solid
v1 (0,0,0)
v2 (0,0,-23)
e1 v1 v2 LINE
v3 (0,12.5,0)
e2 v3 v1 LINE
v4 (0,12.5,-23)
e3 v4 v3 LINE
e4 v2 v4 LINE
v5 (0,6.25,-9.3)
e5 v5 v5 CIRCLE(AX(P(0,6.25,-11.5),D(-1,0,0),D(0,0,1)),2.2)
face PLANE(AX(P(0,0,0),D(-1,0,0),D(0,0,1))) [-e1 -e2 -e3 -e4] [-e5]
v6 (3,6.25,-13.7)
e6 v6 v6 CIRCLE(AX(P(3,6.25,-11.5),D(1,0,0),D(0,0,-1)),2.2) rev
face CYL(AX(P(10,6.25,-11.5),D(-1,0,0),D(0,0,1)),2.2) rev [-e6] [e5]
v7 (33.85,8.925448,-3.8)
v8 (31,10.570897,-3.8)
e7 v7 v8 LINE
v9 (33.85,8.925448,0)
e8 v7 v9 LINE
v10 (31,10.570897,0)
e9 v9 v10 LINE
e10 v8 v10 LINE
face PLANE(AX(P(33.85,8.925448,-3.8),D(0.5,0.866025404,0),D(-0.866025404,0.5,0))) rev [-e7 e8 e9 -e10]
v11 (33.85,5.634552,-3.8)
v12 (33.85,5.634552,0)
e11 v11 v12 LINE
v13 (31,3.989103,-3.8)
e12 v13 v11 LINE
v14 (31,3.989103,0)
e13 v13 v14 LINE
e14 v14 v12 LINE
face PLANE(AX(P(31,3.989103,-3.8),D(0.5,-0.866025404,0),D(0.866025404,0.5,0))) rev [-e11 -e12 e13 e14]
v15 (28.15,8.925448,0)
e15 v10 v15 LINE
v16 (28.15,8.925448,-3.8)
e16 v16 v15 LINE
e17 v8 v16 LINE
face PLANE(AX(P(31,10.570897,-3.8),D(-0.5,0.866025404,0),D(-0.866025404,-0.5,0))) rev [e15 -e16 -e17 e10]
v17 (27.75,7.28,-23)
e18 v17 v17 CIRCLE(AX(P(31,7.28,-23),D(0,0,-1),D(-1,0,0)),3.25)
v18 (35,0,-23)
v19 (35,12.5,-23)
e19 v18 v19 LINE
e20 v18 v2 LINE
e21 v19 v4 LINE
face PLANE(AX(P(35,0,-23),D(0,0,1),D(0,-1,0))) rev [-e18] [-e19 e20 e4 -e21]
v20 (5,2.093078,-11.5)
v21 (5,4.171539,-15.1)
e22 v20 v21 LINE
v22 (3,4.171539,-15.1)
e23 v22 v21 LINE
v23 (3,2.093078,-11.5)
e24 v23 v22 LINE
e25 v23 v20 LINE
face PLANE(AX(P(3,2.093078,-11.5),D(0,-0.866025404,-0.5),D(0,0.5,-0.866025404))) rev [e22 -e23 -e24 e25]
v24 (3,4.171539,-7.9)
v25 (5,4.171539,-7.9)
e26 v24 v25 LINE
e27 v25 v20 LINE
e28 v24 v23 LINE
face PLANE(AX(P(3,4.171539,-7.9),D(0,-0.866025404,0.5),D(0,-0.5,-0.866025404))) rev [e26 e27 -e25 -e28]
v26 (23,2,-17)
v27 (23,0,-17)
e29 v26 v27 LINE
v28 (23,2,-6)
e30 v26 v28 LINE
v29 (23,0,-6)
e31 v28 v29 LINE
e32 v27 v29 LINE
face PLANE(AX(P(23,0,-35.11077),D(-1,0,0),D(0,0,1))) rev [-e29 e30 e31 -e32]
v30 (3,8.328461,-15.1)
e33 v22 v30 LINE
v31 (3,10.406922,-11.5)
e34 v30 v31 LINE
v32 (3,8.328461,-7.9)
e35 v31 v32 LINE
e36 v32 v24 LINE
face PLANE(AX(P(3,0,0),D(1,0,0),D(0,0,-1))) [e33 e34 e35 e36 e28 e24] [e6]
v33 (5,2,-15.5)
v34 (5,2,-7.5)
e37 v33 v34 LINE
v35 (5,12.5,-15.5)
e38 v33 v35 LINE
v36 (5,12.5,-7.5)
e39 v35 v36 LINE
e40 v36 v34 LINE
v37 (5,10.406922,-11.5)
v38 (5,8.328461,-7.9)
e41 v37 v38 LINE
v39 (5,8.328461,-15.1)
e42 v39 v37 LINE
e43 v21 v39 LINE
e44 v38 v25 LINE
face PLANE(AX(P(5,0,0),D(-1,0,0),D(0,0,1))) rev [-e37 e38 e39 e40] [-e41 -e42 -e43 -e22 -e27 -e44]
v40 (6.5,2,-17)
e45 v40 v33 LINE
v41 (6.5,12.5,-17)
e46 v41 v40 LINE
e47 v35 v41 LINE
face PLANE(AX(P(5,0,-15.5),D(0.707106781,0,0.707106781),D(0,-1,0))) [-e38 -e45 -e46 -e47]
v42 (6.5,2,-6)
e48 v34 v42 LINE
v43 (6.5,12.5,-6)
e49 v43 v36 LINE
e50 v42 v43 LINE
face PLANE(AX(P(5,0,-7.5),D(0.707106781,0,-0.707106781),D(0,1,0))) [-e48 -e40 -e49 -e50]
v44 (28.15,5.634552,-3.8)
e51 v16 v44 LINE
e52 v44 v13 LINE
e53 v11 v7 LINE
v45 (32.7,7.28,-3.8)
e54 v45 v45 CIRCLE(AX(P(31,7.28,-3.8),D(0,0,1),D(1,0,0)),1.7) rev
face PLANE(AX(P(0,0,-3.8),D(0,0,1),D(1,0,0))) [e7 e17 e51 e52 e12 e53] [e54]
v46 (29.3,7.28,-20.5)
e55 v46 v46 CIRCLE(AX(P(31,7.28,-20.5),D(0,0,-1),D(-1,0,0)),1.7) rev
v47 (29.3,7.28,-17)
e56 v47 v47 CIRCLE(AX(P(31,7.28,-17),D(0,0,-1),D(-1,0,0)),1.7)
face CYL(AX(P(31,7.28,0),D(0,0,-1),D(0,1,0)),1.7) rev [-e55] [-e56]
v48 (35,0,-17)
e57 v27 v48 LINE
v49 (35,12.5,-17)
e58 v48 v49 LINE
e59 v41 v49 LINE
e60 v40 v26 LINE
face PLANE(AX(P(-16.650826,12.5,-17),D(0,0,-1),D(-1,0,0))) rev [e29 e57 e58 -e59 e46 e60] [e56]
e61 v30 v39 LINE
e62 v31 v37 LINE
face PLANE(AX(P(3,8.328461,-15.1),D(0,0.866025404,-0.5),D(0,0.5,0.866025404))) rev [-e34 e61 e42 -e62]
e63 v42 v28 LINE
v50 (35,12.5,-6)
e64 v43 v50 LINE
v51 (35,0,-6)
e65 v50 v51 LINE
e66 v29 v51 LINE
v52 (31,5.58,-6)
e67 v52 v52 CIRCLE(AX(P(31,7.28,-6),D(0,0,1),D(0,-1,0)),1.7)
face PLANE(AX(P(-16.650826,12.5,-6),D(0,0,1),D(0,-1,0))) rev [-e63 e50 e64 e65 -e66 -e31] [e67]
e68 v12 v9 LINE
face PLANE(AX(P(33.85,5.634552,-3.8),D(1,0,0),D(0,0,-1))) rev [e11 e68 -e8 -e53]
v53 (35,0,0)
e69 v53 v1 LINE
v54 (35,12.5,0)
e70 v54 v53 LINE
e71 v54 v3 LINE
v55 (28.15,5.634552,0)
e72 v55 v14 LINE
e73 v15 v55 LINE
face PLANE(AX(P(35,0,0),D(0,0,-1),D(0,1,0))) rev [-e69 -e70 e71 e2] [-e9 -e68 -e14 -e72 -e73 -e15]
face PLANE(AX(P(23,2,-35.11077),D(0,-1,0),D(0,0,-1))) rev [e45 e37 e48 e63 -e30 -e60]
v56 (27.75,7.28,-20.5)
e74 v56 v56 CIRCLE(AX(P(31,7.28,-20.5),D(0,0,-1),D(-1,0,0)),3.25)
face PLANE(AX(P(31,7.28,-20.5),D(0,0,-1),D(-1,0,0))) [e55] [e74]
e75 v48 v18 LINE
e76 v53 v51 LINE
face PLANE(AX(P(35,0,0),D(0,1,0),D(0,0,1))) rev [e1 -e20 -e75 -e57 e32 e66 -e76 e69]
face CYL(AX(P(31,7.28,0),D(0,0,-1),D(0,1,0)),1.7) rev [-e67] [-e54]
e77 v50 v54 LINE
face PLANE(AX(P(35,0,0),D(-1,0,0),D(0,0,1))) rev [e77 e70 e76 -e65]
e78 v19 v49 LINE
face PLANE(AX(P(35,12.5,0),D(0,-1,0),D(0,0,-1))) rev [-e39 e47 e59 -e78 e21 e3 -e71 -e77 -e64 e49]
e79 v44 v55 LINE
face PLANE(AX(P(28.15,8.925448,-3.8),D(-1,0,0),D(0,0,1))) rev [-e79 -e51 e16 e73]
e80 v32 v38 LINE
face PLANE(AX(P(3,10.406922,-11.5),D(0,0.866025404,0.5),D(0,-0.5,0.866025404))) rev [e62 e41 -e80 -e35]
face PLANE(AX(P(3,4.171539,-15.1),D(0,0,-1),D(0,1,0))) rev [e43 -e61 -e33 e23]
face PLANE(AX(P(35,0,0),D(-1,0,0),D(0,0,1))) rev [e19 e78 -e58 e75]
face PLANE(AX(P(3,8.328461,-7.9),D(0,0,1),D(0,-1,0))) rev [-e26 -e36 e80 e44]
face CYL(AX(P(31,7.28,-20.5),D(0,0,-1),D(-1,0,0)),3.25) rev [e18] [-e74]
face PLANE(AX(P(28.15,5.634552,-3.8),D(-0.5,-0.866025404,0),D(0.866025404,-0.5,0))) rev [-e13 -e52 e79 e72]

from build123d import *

# Parameters (mm, degrees)
SKETCH1_W               = 23
SKETCH1_H               = 12.5
BOSS_EXTRUDE1_DEPTH     = 35
SKETCH2_W               = 11
SKETCH2_H               = 12.5
CUT_EXTRUDE1_DEPTH      = 30
CUT_EXTRUDE2_DEPTH      = 44.706406853
CUT_EXTRUDE2_DEPTH_BACK = 44.706406853
SKETCH3_R               = 1.7
SKETCH4_R               = 2.2
CUT_EXTRUDE3_DEPTH      = 10
CUT_EXTRUDE4_DEPTH      = 2
SKETCH6_R               = 3.25
CUT_EXTRUDE5_DEPTH      = 2.5
CUT_EXTRUDE6_DEPTH      = 3.8
SKETCH8_W               = 18
SKETCH8_H               = 2
BOSS_EXTRUDE2_DEPTH     = 11
CHAMFER2_SIZE           = 1.5


with BuildPart() as part:
    # Sketch1 → Boss-Extrude1 (new body)
    with BuildSketch(Plane(origin=(0, 0, 0), x_dir=(0, 0, -1), z_dir=(1, 0, 0))):
        with Locations((11.5, 6.25)):
            Rectangle(SKETCH1_W, SKETCH1_H)
    extrude(amount=BOSS_EXTRUDE1_DEPTH)

    # Sketch2 → Cut-Extrude1 (cut)
    with BuildSketch(Plane(origin=(35, 0, 0), x_dir=(0, 0, -1), z_dir=(1, 0, 0))):
        with Locations((11.5, 6.25)):
            Rectangle(SKETCH2_W, SKETCH2_H)
    extrude(amount=-CUT_EXTRUDE1_DEPTH, mode=Mode.SUBTRACT)

    # Sketch3 → Cut-Extrude2 (cut, two sides: drawn at the far end of the back side and taken through both)
    with BuildSketch(Plane(origin=(0, 0, -23), x_dir=(-1, 0, 0), z_dir=(0, 0, -1)).offset(-CUT_EXTRUDE2_DEPTH_BACK)):
        with Locations(Location((-31, 7.28, 0), (0, 0, 90))):
            Circle(SKETCH3_R)
    extrude(amount=CUT_EXTRUDE2_DEPTH + CUT_EXTRUDE2_DEPTH_BACK, mode=Mode.SUBTRACT)

    # Sketch4 → Cut-Extrude3 (cut)
    with BuildSketch(Plane.ZY):
        with Locations((-11.5, 6.25)):
            Circle(SKETCH4_R)
    extrude(amount=-CUT_EXTRUDE3_DEPTH, mode=Mode.SUBTRACT)

    # Sketch5 → Cut-Extrude4 (cut)
    with BuildSketch(Plane(origin=(5, 0, 0), x_dir=(0, 0, -1), z_dir=(1, 0, 0))):
        Polygon((7.9, 8.328460969), (7.9, 4.171539031), (11.5, 2.093078062), (15.1, 4.171539031), (15.1, 8.328460969), (11.5, 10.406921938), align=None)
    extrude(amount=-CUT_EXTRUDE4_DEPTH, mode=Mode.SUBTRACT)

    # Sketch6 → Cut-Extrude5 (cut)
    with BuildSketch(Plane(origin=(0, 0, -23), x_dir=(-1, 0, 0), z_dir=(0, 0, -1))):
        with Locations((-31, 7.28)):
            Circle(SKETCH6_R)
    extrude(amount=-CUT_EXTRUDE5_DEPTH, mode=Mode.SUBTRACT)

    # Sketch7 → Cut-Extrude6 (cut)
    with BuildSketch(Plane.XY):
        Polygon((28.15, 8.925448267), (28.15, 5.634551733), (31, 3.989103466), (33.85, 5.634551733), (33.85, 8.925448267), (31, 10.570896534), align=None)
    extrude(amount=-CUT_EXTRUDE6_DEPTH, mode=Mode.SUBTRACT)

    # Sketch8 → Boss-Extrude2 (add)
    with BuildSketch(Plane(origin=(0, 0, -6), x_dir=(-1, 0, 0), z_dir=(0, 0, -1))):
        with Locations((-14, 1)):
            Rectangle(SKETCH8_W, SKETCH8_H)
    extrude(amount=BOSS_EXTRUDE2_DEPTH)

    # Chamfer2
    chamfer2_edges = [part.edges().sort_by_distance(p)[0] for p in [
        (5, 7.25, -6),
        (5, 7.25, -17),
    ]]
    chamfer(chamfer2_edges, length=CHAMFER2_SIZE)


solid = part.part
